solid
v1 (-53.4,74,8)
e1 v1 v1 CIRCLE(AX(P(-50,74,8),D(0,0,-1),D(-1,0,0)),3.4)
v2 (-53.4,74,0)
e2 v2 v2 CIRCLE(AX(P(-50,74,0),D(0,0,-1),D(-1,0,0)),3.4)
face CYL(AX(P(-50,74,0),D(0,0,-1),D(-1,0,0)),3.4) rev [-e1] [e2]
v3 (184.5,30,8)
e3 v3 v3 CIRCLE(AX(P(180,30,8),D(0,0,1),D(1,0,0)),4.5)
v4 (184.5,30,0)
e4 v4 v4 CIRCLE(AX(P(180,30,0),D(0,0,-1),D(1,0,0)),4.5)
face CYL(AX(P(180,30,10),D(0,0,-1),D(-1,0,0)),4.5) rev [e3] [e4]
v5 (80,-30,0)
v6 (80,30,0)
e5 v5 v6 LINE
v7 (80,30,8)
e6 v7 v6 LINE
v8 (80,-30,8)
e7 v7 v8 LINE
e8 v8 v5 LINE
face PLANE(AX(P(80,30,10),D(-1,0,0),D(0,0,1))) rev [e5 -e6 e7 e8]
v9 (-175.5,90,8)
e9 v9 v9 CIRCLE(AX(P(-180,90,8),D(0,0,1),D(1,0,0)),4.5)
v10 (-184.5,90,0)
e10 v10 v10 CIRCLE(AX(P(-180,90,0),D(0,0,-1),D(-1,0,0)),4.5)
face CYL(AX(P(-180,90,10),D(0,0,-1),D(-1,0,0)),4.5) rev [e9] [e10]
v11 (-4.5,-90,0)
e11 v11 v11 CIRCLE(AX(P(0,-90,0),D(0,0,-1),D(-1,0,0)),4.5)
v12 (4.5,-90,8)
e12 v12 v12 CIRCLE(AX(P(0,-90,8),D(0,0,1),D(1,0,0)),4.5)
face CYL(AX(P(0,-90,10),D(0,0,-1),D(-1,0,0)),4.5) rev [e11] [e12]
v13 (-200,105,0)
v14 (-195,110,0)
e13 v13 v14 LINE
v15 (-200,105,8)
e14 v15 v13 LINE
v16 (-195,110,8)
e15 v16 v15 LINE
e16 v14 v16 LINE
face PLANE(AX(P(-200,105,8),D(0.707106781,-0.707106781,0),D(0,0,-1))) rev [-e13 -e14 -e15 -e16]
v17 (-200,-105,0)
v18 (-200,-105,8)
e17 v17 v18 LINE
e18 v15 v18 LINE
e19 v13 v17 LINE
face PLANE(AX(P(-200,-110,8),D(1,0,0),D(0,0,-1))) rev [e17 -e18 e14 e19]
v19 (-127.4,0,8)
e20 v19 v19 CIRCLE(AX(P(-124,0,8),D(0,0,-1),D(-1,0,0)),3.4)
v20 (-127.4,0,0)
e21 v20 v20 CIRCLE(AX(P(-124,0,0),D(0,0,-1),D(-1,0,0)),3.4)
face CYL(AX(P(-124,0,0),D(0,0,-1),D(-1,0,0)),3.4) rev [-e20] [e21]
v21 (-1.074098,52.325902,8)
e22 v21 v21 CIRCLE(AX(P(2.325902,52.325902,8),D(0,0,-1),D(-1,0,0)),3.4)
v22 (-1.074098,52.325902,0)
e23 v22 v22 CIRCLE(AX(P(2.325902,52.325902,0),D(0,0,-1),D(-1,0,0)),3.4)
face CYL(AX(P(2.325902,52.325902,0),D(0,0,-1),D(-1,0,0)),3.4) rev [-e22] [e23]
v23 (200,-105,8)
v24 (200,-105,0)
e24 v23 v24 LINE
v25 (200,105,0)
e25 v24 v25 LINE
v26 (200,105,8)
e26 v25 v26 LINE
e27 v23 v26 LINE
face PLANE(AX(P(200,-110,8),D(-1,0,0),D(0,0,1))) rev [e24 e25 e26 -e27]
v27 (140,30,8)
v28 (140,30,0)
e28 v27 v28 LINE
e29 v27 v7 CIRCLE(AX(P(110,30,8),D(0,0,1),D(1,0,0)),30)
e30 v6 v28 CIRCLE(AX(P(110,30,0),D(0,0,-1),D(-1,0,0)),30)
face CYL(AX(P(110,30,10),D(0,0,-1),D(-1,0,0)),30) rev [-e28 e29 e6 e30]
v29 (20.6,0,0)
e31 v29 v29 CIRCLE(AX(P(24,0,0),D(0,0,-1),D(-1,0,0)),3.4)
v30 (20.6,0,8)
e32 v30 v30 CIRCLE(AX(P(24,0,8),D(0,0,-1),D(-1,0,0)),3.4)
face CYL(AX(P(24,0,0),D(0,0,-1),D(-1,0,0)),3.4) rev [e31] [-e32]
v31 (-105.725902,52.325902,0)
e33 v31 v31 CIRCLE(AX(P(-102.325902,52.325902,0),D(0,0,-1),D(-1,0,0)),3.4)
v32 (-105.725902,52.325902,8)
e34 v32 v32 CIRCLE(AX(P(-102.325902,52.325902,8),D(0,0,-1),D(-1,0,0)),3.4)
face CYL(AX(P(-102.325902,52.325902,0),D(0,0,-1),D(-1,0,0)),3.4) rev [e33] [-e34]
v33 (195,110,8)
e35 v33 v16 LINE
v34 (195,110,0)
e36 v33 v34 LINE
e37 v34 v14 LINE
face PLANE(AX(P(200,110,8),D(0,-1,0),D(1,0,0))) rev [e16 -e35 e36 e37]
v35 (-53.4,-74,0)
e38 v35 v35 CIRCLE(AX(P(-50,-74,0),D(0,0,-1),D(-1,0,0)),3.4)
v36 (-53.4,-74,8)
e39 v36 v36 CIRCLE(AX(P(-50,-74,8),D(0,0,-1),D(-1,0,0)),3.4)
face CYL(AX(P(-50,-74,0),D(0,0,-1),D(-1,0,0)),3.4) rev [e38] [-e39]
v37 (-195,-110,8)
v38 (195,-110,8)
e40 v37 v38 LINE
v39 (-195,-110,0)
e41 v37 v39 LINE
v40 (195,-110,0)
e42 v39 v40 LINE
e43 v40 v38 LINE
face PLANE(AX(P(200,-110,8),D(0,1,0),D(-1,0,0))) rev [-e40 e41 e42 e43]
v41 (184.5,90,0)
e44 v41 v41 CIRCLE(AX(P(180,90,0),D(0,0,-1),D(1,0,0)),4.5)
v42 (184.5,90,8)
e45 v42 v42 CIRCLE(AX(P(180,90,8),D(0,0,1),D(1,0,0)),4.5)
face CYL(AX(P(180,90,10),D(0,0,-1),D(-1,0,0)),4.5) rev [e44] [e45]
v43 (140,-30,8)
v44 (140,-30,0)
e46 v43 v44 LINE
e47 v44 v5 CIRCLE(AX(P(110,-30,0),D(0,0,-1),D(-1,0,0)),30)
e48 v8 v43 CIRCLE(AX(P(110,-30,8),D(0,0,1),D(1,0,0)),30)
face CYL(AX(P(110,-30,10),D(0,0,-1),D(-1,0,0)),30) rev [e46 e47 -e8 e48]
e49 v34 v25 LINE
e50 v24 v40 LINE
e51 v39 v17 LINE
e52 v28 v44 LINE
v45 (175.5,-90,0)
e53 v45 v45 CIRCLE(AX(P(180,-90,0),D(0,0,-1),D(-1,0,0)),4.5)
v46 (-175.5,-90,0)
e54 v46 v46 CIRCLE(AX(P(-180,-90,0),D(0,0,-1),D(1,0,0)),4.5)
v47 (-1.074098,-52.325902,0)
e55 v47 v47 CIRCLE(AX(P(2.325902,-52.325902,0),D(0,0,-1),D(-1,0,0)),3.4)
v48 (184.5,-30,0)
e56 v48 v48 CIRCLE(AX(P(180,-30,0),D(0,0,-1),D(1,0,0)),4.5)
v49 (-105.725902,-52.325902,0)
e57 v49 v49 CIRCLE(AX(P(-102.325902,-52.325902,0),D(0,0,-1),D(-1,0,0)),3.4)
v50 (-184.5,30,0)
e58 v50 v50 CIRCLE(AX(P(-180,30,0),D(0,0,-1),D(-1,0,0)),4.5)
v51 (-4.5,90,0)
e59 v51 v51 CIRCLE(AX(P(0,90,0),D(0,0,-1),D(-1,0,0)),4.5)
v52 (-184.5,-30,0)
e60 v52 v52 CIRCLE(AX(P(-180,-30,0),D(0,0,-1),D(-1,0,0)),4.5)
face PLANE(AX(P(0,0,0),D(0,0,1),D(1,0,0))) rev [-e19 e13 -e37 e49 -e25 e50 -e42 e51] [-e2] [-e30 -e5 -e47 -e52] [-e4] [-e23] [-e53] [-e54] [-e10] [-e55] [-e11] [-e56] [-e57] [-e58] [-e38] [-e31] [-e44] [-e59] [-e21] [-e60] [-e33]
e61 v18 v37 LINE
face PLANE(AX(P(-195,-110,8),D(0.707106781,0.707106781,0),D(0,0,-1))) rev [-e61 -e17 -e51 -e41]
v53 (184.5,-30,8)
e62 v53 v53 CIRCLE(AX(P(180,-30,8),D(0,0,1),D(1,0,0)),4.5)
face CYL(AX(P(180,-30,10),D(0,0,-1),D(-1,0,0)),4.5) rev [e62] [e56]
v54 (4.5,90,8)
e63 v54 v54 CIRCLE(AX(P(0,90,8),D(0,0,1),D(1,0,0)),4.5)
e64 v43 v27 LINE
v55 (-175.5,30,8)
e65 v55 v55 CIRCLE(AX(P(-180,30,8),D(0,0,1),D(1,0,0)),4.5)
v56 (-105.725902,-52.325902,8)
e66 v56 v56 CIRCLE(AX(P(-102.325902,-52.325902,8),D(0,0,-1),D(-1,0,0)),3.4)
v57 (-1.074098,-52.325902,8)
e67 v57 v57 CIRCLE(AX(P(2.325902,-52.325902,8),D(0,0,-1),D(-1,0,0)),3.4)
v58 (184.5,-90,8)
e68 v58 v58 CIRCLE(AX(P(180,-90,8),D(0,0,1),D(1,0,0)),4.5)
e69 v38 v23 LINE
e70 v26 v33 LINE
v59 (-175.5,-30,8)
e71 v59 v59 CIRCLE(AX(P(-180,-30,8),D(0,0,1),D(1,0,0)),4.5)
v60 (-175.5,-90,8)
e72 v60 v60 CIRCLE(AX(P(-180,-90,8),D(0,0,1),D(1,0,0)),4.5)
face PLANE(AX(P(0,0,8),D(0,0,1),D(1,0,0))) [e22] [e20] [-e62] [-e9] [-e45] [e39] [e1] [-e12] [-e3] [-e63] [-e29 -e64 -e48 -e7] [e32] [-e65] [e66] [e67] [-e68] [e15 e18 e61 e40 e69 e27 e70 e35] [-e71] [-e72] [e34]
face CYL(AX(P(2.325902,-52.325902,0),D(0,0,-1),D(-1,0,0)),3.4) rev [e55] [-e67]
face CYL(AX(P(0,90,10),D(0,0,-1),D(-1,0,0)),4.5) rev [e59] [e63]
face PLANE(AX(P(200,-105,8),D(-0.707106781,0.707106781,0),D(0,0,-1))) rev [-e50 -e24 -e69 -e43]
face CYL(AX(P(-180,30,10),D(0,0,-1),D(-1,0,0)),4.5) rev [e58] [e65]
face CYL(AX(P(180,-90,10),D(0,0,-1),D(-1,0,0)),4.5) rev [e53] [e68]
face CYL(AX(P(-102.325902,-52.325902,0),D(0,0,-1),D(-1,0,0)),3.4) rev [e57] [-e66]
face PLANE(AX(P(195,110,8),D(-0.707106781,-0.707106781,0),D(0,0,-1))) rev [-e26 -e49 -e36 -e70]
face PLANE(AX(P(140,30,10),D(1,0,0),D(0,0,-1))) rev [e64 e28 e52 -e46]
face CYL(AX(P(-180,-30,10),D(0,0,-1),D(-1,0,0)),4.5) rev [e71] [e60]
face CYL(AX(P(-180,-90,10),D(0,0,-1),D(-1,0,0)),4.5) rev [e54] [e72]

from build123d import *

# Parameters (mm, degrees)
SKETCH_1_W             = 400
SKETCH_1_H             = 220
EXTRUDE_1_DEPTH        = 8
SKETCH_3_R             = 2.5
SKETCH_3_R_2           = 2.325901808
CUT_EXTRUDE_1_DEPTH    = 10
SKETCH_4_R             = 4.5
CUT_EXTRUDE_2_DEPTH    = 10
CUT_EXTRUDE_3_DEPTH    = 10
HOLE_WIZARD_M8_1_D     = 6.8
HOLE_WIZARD_M8_1_DEPTH = 8
HOLE_WIZARD_M8_2_D     = 6.8
HOLE_WIZARD_M8_2_DEPTH = 8
HOLE_WIZARD_M8_3_D     = 6.8
HOLE_WIZARD_M8_3_DEPTH = 8
CHAMFER_1_SIZE         = 5
SKETCH_12_R            = 4.5
CUT_EXTRUDE_4_DEPTH    = 10


with BuildPart() as part:
    # 草图1 → 凸台-拉伸1 (new body)
    with BuildSketch(Plane.XY):
        Rectangle(SKETCH_1_W, SKETCH_1_H)
    extrude(amount=EXTRUDE_1_DEPTH)

    # 草图3 → 切除-拉伸1 (cut)
    with BuildSketch(Plane.XY.offset(8)):
        with Locations((24, 0)):
            Circle(SKETCH_3_R)
        with Locations((-50, -74)):
            Circle(SKETCH_3_R)
        with Locations((-124, 0)):
            Circle(SKETCH_3_R)
        with Locations((-50, 74)):
            Circle(SKETCH_3_R)
        with Locations((2.325901808, 52.325901808)):
            Circle(SKETCH_3_R_2)
        with Locations((2.325901808, -52.325901808)):
            Circle(SKETCH_3_R_2)
        with Locations((-102.325901808, -52.325901808)):
            Circle(SKETCH_3_R_2)
        with Locations((-102.325901808, 52.325901808)):
            Circle(SKETCH_3_R_2)
    extrude(amount=-CUT_EXTRUDE_1_DEPTH, mode=Mode.SUBTRACT)

    # 草图4 → 切除-拉伸2 (cut)
    with BuildSketch(Plane(origin=(0, 0, 0), x_dir=(-1, 0, 0), z_dir=(0, 0, -1))):
        with Locations((180, 30)):
            Circle(SKETCH_4_R)
        with Locations((180, 90)):
            Circle(SKETCH_4_R)
        with Locations((180, -30)):
            Circle(SKETCH_4_R)
        with Locations((180, -90)):
            Circle(SKETCH_4_R)
        with Locations((-180, -90)):
            Circle(SKETCH_4_R)
        with Locations((-180, -30)):
            Circle(SKETCH_4_R)
        with Locations((-180, 90)):
            Circle(SKETCH_4_R)
        with Locations((-180, 30)):
            Circle(SKETCH_4_R)
    extrude(amount=-CUT_EXTRUDE_2_DEPTH, mode=Mode.SUBTRACT)

    # 草图5 → 切除-拉伸3 (cut)
    with BuildSketch(Plane(origin=(0, 0, 0), x_dir=(-1, 0, 0), z_dir=(0, 0, -1))):
        with BuildLine():
            Line((-80, 30), (-80, -30))
            ThreePointArc((-80, -30), (-110, -60), (-140, -30))
            Line((-140, -30), (-140, 30))
            ThreePointArc((-140, 30), (-110, 60), (-80, 30))
        make_face()
    extrude(amount=-CUT_EXTRUDE_3_DEPTH, mode=Mode.SUBTRACT)

    # M8 螺纹孔1
    with Locations(Plane(origin=(0, 0, 0), x_dir=(-1, 0, 0), z_dir=(0, 0, -1))):
        with Locations((50, 74), (124, 0), (50, -74), (-24, 0)):
            Hole(HOLE_WIZARD_M8_1_D / 2, depth=HOLE_WIZARD_M8_1_DEPTH)

    # M8 螺纹孔2
    with Locations(Plane(origin=(0, 0, 0), x_dir=(-1, 0, 0), z_dir=(0, 0, -1))):
        with Locations((-2.325901808, 52.325901808)):
            Hole(HOLE_WIZARD_M8_2_D / 2, depth=HOLE_WIZARD_M8_2_DEPTH)

    # M8 螺纹孔3
    with Locations(Plane(origin=(0, 0, 0), x_dir=(-1, 0, 0), z_dir=(0, 0, -1))):
        with Locations((102.325901808, 52.325901808), (102.325901808, -52.325901808), (-2.325901808, -52.325901808)):
            Hole(HOLE_WIZARD_M8_3_D / 2, depth=HOLE_WIZARD_M8_3_DEPTH)

    # 倒角1
    chamfer_1_edges = [part.edges().sort_by_distance(p)[0] for p in [
        (-200, 110, 4),
        (200, 110, 4),
        (200, -110, 4),
        (-200, -110, 4),
    ]]
    chamfer(chamfer_1_edges, length=CHAMFER_1_SIZE)

    # 草图12 → 切除-拉伸4 (cut)
    with BuildSketch(Plane(origin=(0, 0, 0), x_dir=(-1, 0, 0), z_dir=(0, 0, -1))):
        with Locations((0, 90)):
            Circle(SKETCH_12_R)
        with Locations((0, -90)):
            Circle(SKETCH_12_R)
    extrude(amount=-CUT_EXTRUDE_4_DEPTH, mode=Mode.SUBTRACT)


solid = part.part
